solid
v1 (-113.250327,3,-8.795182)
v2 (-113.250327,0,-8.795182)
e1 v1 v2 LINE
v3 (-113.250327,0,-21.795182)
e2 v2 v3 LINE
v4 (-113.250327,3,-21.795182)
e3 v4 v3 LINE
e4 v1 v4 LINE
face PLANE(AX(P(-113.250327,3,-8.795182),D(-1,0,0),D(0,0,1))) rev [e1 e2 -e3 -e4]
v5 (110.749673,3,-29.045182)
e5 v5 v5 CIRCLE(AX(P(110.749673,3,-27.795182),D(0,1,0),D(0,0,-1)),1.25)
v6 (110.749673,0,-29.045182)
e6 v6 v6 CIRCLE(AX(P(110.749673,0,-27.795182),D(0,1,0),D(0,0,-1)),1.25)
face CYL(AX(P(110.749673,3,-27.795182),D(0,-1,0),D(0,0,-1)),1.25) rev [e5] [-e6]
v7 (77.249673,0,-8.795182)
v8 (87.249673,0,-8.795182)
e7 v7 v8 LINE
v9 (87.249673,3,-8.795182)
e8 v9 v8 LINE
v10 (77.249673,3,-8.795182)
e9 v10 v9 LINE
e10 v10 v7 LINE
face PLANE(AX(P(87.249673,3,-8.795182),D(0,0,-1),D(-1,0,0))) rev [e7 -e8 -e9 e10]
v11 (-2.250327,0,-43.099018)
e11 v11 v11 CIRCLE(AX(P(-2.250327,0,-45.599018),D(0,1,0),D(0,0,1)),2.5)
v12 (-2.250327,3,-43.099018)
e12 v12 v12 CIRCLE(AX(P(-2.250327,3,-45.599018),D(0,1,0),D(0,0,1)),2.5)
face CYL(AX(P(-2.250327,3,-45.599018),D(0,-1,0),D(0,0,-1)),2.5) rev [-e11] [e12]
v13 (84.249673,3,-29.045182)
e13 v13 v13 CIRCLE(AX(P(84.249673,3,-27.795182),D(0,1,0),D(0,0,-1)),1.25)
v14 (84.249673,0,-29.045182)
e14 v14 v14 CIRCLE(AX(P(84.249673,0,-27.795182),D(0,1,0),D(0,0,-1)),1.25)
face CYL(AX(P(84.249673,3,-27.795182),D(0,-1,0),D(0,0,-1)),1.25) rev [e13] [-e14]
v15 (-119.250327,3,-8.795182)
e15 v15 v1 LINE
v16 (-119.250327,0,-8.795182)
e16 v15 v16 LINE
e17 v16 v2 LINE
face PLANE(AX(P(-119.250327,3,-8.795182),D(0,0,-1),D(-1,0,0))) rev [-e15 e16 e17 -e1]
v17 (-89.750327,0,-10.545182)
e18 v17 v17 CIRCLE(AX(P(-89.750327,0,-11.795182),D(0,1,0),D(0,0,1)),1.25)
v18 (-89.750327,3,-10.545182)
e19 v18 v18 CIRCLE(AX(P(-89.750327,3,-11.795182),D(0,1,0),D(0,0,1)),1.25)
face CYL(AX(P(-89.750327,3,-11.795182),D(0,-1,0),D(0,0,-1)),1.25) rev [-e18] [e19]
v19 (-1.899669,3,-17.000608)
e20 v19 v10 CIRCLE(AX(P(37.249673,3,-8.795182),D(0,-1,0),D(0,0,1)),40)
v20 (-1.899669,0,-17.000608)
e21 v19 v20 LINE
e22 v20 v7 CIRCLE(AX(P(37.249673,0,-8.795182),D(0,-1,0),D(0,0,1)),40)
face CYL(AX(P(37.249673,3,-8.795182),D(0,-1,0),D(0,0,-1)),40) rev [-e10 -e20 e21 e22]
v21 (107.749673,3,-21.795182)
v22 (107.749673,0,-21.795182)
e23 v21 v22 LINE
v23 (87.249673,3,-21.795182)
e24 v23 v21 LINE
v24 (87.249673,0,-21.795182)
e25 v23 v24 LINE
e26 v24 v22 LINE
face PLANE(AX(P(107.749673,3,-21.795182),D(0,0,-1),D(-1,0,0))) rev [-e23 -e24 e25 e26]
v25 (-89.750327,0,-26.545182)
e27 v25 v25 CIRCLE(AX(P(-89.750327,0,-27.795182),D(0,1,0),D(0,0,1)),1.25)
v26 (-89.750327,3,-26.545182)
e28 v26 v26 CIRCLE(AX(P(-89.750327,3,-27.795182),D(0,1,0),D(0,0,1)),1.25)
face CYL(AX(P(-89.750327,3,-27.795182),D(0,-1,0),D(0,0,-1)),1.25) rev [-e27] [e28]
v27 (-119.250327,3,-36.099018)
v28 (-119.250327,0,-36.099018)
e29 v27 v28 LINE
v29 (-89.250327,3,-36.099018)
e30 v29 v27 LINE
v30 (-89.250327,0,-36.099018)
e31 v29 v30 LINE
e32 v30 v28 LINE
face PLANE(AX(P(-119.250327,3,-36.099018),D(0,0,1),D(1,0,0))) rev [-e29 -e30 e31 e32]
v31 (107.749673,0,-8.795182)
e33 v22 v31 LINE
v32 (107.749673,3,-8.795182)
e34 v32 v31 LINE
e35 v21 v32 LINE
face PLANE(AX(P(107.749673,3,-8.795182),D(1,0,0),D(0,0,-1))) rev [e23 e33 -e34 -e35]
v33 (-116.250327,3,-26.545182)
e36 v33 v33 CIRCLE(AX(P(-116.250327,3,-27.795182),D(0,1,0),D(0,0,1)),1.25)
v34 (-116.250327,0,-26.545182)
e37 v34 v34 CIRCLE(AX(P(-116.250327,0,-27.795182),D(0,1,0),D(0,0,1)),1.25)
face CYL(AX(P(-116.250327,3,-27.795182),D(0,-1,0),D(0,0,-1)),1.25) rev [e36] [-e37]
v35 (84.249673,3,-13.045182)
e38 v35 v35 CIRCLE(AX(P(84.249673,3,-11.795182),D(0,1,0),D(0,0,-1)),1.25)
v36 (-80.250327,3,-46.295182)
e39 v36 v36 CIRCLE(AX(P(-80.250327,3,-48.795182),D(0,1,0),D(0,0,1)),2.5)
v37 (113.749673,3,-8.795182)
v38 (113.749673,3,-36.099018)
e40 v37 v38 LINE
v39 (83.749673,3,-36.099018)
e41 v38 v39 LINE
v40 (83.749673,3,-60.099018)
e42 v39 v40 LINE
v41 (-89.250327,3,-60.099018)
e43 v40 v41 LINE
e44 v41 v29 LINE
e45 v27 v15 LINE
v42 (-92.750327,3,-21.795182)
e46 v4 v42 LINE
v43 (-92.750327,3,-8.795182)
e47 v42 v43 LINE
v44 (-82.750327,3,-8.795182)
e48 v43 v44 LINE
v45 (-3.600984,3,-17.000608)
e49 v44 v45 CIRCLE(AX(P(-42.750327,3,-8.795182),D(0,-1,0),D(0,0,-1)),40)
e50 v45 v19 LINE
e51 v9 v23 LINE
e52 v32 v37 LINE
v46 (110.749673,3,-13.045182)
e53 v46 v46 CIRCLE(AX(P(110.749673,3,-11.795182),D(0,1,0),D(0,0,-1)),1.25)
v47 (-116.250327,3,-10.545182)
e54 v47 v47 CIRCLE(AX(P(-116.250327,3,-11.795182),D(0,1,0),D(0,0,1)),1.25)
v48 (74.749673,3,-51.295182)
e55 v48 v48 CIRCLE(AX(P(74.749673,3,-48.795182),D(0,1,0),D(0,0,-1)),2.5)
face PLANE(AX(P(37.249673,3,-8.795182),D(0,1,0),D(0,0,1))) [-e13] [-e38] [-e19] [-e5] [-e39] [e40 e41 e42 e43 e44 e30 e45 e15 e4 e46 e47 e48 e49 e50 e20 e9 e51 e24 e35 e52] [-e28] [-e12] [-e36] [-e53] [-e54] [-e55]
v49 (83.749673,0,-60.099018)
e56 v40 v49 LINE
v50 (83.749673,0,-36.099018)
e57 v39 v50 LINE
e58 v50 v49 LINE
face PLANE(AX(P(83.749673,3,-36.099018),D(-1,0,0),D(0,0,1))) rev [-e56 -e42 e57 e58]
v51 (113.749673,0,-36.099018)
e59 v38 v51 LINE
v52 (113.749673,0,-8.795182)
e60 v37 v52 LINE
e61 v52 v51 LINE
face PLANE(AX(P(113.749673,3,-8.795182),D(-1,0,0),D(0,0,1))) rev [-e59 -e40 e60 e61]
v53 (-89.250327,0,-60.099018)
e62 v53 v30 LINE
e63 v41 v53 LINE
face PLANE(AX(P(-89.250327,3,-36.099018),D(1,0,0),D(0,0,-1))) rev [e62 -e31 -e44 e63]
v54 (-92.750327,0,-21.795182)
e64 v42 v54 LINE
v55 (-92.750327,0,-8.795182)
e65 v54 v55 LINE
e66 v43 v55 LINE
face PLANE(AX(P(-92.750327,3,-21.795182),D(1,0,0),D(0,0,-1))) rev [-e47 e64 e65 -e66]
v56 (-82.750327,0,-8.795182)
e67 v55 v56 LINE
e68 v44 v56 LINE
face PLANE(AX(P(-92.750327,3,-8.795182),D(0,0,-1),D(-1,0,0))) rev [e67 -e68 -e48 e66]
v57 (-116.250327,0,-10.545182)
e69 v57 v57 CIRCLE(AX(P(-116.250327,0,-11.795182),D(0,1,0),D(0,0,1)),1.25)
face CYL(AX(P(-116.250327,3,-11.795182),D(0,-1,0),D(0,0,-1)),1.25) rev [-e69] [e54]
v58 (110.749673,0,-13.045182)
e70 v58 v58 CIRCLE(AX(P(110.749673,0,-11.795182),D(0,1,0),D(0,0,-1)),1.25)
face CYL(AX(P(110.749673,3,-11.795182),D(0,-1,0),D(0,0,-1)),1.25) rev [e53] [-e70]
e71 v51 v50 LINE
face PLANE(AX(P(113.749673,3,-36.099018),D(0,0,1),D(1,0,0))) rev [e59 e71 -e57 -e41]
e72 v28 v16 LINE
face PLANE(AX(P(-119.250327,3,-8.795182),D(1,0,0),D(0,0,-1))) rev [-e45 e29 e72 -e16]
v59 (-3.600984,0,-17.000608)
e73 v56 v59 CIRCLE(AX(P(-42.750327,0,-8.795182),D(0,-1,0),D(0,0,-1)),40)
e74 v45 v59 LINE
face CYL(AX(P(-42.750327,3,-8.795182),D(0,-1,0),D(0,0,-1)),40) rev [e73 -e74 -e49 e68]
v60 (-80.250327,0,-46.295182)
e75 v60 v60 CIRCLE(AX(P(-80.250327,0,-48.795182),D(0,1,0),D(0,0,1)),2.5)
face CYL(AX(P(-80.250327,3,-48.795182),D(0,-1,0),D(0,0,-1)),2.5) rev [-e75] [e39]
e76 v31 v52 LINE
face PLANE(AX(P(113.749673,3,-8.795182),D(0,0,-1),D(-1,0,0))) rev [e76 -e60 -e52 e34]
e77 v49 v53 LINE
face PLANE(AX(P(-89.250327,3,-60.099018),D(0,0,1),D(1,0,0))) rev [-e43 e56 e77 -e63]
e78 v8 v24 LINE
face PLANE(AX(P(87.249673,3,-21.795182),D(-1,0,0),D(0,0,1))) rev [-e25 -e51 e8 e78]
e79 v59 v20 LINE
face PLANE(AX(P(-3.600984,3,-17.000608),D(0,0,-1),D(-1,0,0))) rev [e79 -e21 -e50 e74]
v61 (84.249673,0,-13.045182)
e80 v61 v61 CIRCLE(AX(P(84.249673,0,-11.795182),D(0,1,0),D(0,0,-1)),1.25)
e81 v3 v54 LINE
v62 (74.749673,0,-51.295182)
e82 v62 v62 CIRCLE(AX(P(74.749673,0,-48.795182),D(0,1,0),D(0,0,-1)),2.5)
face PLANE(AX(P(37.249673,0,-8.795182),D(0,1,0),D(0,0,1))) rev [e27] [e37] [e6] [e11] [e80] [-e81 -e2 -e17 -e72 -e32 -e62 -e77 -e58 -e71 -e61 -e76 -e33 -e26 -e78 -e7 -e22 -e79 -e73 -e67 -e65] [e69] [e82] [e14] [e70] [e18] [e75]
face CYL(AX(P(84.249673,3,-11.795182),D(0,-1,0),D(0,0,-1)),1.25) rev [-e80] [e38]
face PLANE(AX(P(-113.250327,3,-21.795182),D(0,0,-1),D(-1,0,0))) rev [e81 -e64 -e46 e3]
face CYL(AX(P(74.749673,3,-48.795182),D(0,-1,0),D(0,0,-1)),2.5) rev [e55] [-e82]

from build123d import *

# Parameters (mm, degrees)
ESQUISSE1_R      = 1.25
ESQUISSE1_R_2    = 2.5
EXTRUSION1_DEPTH = 3


with BuildPart() as part:
    # Esquisse1 → Extrusion1 (new body)
    with BuildSketch(Plane(origin=(0, 0, 0), x_dir=(1, 0, 0), z_dir=(0, 1, 0))):
        with BuildLine():
            Line((-119.250326512, 8.795182269), (-113.250326512, 8.795182269))
            Line((-113.250326512, 8.795182269), (-113.250326512, 21.795182269))
            Line((-113.250326512, 21.795182269), (-92.750326512, 21.795182269))
            Line((-92.750326512, 21.795182269), (-92.750326512, 8.795182269))
            Line((-92.750326512, 8.795182269), (-82.750326512, 8.795182269))
            ThreePointArc((-82.750326512, 8.795182269), (-46.875027378, 48.581949451), (-3.600984374, 17.000607921))
            Line((-3.600984374, 17.000607921), (-1.899668651, 17.000607921))
            ThreePointArc((-1.899668651, 17.000607921), (41.374374353, 48.581949451), (77.249673488, 8.795182269))
            Line((77.249673488, 8.795182269), (87.249673488, 8.795182269))
            Line((87.249673488, 8.795182269), (87.249673488, 21.795182269))
            Line((87.249673488, 21.795182269), (107.749673488, 21.795182269))
            Line((107.749673488, 21.795182269), (107.749673488, 8.795182269))
            Line((107.749673488, 8.795182269), (113.749673488, 8.795182269))
            Line((113.749673488, 8.795182269), (113.749673488, 36.099018287))
            Line((113.749673488, 36.099018287), (83.749673488, 36.099018287))
            Line((83.749673488, 36.099018287), (83.749673488, 60.099018287))
            Line((83.749673488, 60.099018287), (-89.250326512, 60.099018287))
            Line((-89.250326512, 60.099018287), (-89.250326512, 36.099018287))
            Line((-89.250326512, 36.099018287), (-119.250326512, 36.099018287))
            Line((-119.250326512, 36.099018287), (-119.250326512, 8.795182269))
        make_face()
        with Locations((110.749673488, 11.795182269)):
            Circle(ESQUISSE1_R, mode=Mode.SUBTRACT)
        with Locations((-2.250326512, 45.599018287)):
            Circle(ESQUISSE1_R_2, mode=Mode.SUBTRACT)
        with Locations((84.249673488, 27.795182269)):
            Circle(ESQUISSE1_R, mode=Mode.SUBTRACT)
        with Locations((110.749673488, 27.795182269)):
            Circle(ESQUISSE1_R, mode=Mode.SUBTRACT)
        with Locations((-80.250326512, 48.795182269)):
            Circle(ESQUISSE1_R_2, mode=Mode.SUBTRACT)
        with Locations((74.749673488, 48.795182269)):
            Circle(ESQUISSE1_R_2, mode=Mode.SUBTRACT)
        with Locations((-116.250326512, 27.795182269)):
            Circle(ESQUISSE1_R, mode=Mode.SUBTRACT)
        with Locations((-89.750326512, 27.795182269)):
            Circle(ESQUISSE1_R, mode=Mode.SUBTRACT)
        with Locations((-89.750326512, 11.795182269)):
            Circle(ESQUISSE1_R, mode=Mode.SUBTRACT)
        with Locations((84.249673488, 11.795182269)):
            Circle(ESQUISSE1_R, mode=Mode.SUBTRACT)
        with Locations((-116.250326512, 11.795182269)):
            Circle(ESQUISSE1_R, mode=Mode.SUBTRACT)
    extrude(amount=EXTRUSION1_DEPTH)


solid = part.part
